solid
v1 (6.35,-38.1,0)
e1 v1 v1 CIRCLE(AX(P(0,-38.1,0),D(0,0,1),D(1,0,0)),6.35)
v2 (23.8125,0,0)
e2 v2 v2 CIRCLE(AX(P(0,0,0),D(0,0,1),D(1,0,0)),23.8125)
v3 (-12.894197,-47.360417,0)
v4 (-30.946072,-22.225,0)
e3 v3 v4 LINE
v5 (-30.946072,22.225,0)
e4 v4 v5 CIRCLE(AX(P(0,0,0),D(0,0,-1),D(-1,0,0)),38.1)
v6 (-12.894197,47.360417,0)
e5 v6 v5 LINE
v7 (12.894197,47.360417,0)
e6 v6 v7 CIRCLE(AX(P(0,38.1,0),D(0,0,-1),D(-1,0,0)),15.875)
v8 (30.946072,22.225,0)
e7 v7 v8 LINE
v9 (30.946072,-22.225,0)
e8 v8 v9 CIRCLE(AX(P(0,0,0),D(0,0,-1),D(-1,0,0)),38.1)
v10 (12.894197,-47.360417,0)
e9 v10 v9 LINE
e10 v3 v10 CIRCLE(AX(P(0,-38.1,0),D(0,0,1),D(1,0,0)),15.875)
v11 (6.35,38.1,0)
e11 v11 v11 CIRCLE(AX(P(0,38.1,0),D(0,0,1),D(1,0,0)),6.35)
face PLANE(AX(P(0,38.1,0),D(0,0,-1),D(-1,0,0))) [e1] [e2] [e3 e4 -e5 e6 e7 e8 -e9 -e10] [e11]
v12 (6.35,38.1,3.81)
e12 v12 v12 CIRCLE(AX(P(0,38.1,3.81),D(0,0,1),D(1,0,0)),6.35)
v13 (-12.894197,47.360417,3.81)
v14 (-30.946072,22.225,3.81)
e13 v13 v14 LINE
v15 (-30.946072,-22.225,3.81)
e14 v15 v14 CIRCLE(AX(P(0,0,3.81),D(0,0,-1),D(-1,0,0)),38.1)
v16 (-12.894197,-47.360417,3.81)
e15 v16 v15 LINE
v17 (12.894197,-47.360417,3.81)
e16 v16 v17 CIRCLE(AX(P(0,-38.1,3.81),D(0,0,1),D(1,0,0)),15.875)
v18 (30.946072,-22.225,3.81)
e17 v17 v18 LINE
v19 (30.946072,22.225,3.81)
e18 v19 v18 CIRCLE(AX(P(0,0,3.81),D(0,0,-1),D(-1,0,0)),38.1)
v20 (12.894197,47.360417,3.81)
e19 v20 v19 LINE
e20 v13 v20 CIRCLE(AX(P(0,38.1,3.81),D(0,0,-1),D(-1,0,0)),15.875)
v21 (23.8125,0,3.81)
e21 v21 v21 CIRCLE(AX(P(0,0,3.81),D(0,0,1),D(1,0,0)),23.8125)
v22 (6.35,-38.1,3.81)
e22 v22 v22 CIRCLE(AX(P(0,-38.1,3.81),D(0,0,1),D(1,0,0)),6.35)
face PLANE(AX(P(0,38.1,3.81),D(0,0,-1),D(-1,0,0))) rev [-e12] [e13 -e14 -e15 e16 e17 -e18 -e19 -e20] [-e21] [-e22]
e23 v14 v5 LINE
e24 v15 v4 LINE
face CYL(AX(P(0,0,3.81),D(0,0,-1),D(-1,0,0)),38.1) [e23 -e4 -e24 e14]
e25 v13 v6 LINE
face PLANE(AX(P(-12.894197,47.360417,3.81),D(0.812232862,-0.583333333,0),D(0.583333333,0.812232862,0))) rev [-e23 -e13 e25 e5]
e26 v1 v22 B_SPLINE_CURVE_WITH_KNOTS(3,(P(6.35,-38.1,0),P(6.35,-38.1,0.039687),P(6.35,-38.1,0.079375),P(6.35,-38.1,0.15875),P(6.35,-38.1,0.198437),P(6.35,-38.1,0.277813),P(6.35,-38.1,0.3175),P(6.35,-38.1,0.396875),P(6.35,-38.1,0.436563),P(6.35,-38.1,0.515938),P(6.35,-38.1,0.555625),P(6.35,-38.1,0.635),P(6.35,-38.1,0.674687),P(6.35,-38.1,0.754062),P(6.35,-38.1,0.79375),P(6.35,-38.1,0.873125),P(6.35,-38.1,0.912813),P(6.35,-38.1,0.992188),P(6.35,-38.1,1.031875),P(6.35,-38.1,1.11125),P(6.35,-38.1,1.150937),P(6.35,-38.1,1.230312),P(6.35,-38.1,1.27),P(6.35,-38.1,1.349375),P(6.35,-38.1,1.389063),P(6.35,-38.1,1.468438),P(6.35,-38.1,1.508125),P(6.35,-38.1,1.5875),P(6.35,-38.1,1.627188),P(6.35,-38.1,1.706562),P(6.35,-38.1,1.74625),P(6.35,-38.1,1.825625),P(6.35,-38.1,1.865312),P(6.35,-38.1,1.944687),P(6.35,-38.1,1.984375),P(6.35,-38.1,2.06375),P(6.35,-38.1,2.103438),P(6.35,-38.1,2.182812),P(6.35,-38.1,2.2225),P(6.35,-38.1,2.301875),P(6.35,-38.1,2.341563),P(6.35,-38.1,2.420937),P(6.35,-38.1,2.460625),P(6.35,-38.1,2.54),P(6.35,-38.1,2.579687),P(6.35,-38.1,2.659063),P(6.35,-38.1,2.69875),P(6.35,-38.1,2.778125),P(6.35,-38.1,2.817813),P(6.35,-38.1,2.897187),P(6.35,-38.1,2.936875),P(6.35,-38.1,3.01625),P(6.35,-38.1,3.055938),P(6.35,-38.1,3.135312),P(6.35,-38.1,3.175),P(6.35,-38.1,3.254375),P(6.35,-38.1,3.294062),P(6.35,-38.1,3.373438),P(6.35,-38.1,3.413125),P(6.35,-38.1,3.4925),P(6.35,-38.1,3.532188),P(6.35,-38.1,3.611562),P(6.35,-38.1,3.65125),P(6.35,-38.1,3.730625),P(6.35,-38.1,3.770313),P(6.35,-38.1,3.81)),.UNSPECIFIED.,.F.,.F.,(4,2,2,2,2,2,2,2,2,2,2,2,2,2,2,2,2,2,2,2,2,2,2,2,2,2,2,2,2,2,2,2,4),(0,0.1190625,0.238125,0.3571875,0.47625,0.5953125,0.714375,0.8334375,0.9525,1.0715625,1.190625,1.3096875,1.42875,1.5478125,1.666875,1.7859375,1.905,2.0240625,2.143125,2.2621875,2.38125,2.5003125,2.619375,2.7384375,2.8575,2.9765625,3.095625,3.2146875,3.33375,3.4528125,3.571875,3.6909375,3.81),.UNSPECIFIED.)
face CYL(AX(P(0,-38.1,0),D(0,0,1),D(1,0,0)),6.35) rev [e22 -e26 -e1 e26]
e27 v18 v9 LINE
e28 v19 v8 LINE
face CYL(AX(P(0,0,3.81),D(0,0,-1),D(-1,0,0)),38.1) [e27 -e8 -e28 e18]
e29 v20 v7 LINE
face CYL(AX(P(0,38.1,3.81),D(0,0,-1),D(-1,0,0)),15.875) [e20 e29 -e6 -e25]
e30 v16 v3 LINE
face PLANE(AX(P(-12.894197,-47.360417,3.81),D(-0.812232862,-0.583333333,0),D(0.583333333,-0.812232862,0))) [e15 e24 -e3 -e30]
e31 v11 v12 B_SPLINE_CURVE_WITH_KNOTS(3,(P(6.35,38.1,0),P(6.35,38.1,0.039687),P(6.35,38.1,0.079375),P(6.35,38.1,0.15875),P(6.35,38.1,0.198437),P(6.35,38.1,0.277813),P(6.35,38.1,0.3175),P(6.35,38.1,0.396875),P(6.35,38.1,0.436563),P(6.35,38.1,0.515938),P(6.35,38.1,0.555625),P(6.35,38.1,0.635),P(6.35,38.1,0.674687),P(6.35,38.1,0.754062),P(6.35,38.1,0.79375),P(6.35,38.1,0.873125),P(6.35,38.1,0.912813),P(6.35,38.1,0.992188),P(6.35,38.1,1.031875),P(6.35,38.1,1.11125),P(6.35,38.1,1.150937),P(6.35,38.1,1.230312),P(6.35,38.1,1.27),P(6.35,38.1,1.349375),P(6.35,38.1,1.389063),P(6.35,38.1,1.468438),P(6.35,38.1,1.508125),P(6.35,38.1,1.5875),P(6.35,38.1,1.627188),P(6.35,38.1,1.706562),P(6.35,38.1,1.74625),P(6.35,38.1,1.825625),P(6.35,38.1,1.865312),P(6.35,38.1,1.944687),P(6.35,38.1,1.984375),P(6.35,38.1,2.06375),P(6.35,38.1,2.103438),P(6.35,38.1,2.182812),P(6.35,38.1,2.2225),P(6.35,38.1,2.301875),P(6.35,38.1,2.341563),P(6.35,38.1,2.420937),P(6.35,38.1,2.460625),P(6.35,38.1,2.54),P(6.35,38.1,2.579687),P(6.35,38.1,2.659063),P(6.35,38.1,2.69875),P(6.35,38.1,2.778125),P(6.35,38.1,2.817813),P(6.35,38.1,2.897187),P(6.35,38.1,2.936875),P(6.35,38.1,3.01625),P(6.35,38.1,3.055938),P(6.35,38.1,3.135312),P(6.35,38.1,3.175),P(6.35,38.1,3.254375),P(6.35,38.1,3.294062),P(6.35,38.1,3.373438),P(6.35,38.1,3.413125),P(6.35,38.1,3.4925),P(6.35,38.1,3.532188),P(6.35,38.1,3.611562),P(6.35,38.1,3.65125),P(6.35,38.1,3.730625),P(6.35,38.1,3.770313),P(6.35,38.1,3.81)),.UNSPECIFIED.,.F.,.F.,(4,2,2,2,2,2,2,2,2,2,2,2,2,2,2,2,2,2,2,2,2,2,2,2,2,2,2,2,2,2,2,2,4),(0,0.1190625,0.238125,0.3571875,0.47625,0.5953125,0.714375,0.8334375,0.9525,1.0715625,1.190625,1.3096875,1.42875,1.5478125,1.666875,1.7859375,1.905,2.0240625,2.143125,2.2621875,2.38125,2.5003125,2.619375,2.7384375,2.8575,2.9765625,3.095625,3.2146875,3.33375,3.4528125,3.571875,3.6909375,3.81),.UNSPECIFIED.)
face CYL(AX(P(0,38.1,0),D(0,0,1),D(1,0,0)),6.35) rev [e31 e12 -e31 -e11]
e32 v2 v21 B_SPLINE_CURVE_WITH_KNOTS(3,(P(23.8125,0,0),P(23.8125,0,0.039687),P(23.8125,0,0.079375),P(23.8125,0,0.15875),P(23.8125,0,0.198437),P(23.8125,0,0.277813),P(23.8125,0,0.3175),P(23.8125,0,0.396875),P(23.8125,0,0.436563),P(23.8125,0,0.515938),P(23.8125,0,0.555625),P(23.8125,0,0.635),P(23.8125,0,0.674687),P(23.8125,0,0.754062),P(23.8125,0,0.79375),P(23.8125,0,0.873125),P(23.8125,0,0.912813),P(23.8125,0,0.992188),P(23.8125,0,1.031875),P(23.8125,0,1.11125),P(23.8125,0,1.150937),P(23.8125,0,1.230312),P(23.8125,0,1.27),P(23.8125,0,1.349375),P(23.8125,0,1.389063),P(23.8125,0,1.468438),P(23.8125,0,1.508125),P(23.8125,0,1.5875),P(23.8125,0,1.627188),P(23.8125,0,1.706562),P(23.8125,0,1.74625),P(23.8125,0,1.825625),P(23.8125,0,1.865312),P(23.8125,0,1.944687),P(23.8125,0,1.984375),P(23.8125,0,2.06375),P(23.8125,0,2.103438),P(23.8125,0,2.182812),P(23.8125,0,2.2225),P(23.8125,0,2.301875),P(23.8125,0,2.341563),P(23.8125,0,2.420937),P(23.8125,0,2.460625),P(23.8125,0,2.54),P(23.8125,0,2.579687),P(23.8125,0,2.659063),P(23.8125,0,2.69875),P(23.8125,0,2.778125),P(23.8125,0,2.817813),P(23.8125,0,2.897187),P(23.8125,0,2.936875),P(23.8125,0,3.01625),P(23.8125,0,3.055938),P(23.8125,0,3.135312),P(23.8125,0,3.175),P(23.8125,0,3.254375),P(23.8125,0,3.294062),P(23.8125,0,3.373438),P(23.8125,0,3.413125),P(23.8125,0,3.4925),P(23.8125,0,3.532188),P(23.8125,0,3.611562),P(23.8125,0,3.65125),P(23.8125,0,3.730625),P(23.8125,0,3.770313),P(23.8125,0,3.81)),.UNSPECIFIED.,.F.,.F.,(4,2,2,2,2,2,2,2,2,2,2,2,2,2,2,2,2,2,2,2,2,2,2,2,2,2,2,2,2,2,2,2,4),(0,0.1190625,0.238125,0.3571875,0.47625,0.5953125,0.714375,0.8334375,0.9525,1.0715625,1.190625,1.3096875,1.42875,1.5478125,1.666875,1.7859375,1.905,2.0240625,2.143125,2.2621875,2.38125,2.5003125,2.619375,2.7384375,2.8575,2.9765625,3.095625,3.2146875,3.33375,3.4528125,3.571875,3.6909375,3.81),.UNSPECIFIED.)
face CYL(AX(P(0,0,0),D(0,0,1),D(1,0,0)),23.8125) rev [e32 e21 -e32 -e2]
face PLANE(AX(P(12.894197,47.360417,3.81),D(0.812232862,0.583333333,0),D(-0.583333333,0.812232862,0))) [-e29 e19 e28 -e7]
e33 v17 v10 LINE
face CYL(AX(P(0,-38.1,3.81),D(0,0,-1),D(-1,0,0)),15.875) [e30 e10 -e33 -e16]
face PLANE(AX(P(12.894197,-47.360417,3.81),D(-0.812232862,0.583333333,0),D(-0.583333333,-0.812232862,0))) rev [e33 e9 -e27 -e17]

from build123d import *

# Parameters (mm, degrees)
MAIN_DEPTH  = 3.81
SKETCH2_R   = 6.35
SKETCH2_R_2 = 23.8125
HOLES_DEPTH = 67.177237212


with BuildPart() as part:
    # Sketch1 → Main (new body)
    with BuildSketch(Plane.XY):
        with BuildLine():
            Line((12.894196685, 47.360416667), (30.946072045, 22.225))
            ThreePointArc((30.946072045, 22.225), (38.1, 0), (30.946072045, -22.225))
            Line((30.946072045, -22.225), (12.894196685, -47.360416667))
            ThreePointArc((12.894196685, -47.360416667), (0, -53.975), (-12.894196685, -47.360416667))
            Line((-12.894196685, -47.360416667), (-30.946072045, -22.225))
            ThreePointArc((-30.946072045, -22.225), (-38.1, 0), (-30.946072045, 22.225))
            Line((-30.946072045, 22.225), (-12.894196685, 47.360416667))
            ThreePointArc((-12.894196685, 47.360416667), (0, 53.975), (12.894196685, 47.360416667))
        make_face()
    extrude(amount=MAIN_DEPTH)

    # Sketch2 → Holes (cut, through all)
    with BuildSketch(Plane.XY.offset(3.81)):
        with Locations((0, 38.1)):
            Circle(SKETCH2_R)
        with Locations((0, -38.1)):
            Circle(SKETCH2_R)
        Circle(SKETCH2_R_2)
    extrude(amount=-HOLES_DEPTH, mode=Mode.SUBTRACT)


solid = part.part
